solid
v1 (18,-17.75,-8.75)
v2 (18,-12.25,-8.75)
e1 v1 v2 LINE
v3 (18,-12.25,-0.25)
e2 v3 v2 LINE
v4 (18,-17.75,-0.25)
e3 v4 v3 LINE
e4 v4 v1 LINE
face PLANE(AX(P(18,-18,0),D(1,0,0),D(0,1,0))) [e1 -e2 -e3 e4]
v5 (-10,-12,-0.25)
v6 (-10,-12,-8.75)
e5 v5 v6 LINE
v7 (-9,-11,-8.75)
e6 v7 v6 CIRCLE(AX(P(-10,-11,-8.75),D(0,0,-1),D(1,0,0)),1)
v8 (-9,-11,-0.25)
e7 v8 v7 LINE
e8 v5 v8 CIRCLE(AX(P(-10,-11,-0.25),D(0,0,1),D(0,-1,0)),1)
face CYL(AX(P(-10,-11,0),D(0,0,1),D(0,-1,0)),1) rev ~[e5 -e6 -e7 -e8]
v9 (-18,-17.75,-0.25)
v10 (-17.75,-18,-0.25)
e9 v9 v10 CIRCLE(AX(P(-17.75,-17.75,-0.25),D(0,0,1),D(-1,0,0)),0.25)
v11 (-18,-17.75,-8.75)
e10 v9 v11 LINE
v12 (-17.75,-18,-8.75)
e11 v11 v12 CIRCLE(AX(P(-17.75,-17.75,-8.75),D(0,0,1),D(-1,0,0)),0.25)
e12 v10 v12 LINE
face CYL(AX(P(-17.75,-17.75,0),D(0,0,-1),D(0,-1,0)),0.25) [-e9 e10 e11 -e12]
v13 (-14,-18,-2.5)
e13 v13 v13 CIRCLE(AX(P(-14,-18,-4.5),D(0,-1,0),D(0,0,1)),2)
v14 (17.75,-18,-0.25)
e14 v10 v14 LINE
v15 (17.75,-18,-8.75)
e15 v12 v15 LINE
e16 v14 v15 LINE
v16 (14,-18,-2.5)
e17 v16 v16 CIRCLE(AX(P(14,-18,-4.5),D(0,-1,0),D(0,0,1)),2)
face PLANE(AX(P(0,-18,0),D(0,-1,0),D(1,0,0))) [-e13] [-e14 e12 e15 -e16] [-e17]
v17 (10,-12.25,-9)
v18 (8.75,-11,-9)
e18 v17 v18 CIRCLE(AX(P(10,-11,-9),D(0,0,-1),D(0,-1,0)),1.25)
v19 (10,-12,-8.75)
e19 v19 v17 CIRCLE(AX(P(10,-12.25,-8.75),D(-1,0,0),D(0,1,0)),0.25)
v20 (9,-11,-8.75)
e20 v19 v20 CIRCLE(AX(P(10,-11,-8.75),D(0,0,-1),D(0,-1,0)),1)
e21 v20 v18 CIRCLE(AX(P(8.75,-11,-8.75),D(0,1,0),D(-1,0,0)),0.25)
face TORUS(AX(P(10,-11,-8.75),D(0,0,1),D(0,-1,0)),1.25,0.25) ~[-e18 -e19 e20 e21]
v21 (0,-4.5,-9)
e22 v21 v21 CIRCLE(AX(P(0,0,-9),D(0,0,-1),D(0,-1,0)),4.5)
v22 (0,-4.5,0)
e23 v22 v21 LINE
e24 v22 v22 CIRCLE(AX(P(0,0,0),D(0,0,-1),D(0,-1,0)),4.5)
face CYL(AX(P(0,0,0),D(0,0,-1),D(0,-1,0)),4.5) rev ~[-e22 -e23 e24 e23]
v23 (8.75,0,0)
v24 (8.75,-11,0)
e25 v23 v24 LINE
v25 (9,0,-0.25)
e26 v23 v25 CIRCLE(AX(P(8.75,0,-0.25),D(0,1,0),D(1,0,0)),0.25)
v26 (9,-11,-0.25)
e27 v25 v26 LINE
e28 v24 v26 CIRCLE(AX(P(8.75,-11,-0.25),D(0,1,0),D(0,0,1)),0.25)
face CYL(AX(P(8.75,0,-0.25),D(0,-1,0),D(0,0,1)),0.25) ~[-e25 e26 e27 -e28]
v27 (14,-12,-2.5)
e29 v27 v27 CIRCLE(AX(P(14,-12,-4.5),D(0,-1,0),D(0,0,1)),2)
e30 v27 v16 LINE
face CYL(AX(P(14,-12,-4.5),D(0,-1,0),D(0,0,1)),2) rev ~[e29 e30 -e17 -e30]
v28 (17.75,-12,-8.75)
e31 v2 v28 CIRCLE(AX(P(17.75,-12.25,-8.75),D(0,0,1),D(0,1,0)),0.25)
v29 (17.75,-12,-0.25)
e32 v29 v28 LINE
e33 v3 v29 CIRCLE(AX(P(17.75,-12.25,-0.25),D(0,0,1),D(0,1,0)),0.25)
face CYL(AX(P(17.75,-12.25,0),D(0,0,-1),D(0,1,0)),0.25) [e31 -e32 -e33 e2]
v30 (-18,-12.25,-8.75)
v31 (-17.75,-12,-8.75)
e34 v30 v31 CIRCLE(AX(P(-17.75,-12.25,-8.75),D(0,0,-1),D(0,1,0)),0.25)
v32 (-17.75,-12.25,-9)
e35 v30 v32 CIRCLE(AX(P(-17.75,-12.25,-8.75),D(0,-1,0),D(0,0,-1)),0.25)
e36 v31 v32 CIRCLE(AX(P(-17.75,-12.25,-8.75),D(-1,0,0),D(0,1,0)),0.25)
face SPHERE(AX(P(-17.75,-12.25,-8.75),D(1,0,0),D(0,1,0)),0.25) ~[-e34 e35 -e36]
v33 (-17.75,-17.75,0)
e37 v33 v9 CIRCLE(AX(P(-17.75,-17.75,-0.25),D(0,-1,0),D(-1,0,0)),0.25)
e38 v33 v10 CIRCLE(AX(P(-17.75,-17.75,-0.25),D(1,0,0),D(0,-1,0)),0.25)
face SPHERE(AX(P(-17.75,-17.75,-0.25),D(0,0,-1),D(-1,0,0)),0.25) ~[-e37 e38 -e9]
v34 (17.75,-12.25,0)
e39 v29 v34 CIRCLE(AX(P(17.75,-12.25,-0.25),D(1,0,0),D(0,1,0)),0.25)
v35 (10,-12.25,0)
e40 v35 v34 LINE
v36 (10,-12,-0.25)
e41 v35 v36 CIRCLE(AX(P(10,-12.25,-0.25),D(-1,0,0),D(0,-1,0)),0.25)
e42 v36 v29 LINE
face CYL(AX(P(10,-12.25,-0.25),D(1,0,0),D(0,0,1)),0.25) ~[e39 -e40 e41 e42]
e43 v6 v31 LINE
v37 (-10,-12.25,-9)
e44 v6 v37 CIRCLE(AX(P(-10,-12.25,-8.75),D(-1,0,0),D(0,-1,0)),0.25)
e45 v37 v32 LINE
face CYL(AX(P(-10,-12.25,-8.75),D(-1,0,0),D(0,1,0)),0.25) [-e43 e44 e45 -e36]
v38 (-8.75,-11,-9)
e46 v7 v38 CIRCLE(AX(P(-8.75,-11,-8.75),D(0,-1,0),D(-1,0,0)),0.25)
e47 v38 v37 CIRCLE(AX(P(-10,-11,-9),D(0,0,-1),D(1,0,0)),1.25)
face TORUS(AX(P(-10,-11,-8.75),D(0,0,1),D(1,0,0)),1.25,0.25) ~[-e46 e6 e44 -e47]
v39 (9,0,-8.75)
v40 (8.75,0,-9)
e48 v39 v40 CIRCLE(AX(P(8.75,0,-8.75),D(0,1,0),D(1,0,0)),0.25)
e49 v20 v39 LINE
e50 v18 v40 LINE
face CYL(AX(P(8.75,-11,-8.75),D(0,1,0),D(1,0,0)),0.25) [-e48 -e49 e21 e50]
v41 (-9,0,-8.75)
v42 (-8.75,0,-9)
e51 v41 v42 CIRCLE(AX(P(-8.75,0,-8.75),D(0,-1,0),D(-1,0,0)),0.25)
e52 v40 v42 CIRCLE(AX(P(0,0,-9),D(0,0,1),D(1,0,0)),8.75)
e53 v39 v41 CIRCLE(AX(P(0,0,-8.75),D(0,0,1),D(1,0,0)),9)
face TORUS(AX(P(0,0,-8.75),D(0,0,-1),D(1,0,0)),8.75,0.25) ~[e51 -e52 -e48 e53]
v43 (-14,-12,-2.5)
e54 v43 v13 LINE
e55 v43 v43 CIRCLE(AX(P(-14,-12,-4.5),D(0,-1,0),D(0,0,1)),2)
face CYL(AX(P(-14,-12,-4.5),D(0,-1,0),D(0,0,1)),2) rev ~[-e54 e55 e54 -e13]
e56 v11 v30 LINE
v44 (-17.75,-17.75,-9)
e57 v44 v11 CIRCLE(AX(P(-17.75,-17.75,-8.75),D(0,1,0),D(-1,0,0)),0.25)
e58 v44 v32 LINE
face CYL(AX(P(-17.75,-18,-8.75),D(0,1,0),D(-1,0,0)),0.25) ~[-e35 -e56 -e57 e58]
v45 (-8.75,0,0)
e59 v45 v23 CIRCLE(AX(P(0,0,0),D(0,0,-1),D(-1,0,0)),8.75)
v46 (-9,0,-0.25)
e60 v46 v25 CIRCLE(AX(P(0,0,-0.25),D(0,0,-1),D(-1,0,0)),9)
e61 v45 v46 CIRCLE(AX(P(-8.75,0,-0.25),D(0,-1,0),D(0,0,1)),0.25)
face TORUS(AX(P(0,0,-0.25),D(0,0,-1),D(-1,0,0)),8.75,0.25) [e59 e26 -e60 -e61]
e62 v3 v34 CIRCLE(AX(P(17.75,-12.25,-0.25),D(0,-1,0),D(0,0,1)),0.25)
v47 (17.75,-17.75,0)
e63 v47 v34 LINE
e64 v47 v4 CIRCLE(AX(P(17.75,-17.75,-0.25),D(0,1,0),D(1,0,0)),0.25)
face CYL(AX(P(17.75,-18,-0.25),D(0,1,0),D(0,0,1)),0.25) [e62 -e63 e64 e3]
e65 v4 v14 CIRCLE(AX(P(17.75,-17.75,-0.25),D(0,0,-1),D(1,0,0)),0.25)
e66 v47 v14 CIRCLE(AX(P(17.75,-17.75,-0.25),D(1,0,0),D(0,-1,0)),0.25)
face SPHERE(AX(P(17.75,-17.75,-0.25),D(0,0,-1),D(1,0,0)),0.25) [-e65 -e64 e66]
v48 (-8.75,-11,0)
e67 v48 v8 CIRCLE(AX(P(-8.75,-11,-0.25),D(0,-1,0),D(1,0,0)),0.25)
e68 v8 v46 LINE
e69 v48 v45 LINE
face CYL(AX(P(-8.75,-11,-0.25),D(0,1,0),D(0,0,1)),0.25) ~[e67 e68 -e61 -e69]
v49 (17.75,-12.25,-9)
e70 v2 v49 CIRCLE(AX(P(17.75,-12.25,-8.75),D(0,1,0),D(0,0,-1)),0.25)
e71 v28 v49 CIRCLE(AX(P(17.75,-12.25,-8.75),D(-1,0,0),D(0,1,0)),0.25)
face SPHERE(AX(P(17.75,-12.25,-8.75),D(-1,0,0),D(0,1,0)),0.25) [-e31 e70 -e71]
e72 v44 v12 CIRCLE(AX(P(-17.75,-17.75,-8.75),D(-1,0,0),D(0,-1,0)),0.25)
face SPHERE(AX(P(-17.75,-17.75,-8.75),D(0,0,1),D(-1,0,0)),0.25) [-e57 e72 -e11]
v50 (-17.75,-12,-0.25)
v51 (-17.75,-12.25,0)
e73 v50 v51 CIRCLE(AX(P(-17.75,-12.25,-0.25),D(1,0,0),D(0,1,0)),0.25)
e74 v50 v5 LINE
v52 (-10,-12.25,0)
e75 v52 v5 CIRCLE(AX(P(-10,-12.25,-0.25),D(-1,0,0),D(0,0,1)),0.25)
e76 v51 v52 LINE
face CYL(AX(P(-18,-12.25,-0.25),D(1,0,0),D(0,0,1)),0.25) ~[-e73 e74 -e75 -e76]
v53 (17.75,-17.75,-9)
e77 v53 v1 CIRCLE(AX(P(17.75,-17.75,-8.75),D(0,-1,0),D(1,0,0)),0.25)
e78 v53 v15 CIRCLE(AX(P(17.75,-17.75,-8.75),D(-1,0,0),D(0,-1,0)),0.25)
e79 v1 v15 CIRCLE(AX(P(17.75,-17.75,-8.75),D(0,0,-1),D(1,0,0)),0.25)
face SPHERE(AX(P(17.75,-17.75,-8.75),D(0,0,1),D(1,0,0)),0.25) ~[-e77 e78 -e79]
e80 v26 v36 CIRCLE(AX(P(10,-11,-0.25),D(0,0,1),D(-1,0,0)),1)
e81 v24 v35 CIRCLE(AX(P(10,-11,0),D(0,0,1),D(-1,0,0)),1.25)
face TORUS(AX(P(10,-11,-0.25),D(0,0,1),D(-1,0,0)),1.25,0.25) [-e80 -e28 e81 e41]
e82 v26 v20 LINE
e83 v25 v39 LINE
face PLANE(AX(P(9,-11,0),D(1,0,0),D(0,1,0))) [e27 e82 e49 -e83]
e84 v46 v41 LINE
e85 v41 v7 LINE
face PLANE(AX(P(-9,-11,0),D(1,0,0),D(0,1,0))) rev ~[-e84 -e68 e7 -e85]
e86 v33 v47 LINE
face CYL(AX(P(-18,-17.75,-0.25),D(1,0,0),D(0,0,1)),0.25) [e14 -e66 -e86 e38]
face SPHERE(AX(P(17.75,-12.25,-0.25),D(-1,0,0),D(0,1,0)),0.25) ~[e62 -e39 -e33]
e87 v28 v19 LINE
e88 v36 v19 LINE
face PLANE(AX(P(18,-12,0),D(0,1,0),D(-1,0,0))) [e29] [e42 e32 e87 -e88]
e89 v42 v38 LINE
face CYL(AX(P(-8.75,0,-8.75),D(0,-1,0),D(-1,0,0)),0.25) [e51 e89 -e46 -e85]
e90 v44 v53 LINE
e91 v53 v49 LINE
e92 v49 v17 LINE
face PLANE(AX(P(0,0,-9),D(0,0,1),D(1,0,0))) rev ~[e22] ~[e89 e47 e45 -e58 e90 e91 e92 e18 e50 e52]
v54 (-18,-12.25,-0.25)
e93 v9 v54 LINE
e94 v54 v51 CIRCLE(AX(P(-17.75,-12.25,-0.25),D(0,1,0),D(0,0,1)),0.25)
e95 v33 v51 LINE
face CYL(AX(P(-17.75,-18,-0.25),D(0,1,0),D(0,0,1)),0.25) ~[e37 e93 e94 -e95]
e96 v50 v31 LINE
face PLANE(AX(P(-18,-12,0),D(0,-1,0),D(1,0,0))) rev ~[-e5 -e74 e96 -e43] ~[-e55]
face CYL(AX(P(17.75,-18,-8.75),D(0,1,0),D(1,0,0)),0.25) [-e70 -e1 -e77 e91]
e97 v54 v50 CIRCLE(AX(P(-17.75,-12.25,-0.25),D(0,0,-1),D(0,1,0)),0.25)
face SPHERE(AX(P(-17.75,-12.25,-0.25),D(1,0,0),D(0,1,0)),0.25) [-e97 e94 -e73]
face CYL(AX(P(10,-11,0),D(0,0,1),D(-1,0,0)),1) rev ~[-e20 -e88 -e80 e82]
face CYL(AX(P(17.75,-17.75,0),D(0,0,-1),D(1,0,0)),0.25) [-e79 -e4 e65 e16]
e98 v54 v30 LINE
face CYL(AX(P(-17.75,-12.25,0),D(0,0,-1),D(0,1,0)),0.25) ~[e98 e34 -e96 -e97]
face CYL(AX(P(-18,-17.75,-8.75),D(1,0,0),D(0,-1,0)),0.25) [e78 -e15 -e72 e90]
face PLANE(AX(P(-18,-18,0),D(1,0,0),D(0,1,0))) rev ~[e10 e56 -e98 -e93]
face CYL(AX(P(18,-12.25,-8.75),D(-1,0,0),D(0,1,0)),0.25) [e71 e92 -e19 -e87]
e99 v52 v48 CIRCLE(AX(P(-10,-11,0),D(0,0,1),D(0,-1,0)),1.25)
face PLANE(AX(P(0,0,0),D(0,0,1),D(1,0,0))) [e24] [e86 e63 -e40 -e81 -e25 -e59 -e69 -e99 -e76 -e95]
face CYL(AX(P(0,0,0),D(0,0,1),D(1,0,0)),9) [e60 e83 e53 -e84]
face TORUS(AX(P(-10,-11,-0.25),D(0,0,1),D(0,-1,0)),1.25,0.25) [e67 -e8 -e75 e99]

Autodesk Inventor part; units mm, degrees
ref_plane "YZ Plane" through (0, 0, 0) normal (1, 0, 0) x (0, 1, 0)
ref_plane "XZ Plane" through (0, 0, 0) normal (0, 1, 0) x (-1, 0, 0)
ref_plane "XY Plane" through (0, 0, 0) normal (0, 0, 1) x (1, 0, 0)
sketch "Sketch1" plane through (0, 0, 0) normal (0, 0, 1) x (1, 0, 0)
  circle A0 centre (0, 0) radius 4.5
  arc A1 (9, 0) -> (-9, 0) centre (0, 0) ccw
  line L0 (0, 0) -> (0, -47) construction
  line L1 (0, -18) -> (-18, -18)
  line L2 (0, -18) -> (18, -18)
  line L3 (18, -18) -> (18, -12)
  line L4 (18, -12) -> (10, -12)
  line L5 (9, -11) -> (9, 0)
  line L6 (-18, -18) -> (-18, -12)
  line L7 (-18, -12) -> (-10, -12)
  line L8 (-9, -11) -> (-9, 0)
  arc A2 (-10, -12) -> (-9, -11) centre (-10, -11) ccw
  arc A3 (9, -11) -> (10, -12) centre (10, -11) ccw
  dimension "d0" = 9
  dimension "d1" = 18
  dimension "d6" = 6
  dimension "d7" = 6
  dimension "d9" = 18
  dimension "d10" = 2
  dimension "d11" = 2
  dimension "d12" = 9
  dimension "d13" = 9
  dimension "d14" = 36
  dimension "d15" = 18
extrude "Extrusion1" add sketch "Sketch1" against normal blind 9 contours A0 | L5 A3 L4 L3 L2 L1 L6 L7 A2 L8 A1
hole "Hole1" at (0, 0, 0) direction (0, 0, -1) diameter 9 end through all
sketch "Sketch2" plane through (-18, -12, 0) normal (0, 1, 0) x (1, 0, 0)
  circle A0 centre (4, 4.5) radius 2
  circle A1 centre (32, 4.5) radius 2
  line L0 (8, 0) -> (0, 0) projected
  line L1 (0, 0) -> (0, 9) projected
  line L2 (36, 0) -> (28, 0) projected
  line L3 (36, 0) -> (36, 9) projected
  point P0 (18, 0)
  dimension "d25" = 4
  dimension "d26" = 4
  dimension "d27" = 4.5
  dimension "d28" = 4
  dimension "d29" = 4.5
  dimension "d30" = 4
hole "Hole2" at (-14, -12, -4.5) at (14, -12, -4.5) direction (0, -1, 0) diameter 4 end through all
fillet "Fillet1" radius 0.25 24 edges at (9, -5.5, -9) (9.2929, -11.7071, -9) (14, -12, -9) (-9, -5.5, -9) (-9.2929, -11.7071, -9) (-14, -12, -9) (0, 9, -9) (-9, -5.5, 0) (-9.2929, -11.7071, 0) (-14, -12, 0) (9, -5.5, 0) (9.2929, -11.7071, 0) (14, -12, 0) (0, 9, 0) (18, -12, -4.5) (-18, -12, -4.5) (18, -18, -4.5) (18, -15, -9) (18, -15, 0) (-18, -18, -4.5) (-18, -15, 0) (-18, -15, -9) (0, -18, -9) (0, -18, 0)
properties part number "HUDSON 1-04-REAR DRAWBAR BEAM BRACKET"
